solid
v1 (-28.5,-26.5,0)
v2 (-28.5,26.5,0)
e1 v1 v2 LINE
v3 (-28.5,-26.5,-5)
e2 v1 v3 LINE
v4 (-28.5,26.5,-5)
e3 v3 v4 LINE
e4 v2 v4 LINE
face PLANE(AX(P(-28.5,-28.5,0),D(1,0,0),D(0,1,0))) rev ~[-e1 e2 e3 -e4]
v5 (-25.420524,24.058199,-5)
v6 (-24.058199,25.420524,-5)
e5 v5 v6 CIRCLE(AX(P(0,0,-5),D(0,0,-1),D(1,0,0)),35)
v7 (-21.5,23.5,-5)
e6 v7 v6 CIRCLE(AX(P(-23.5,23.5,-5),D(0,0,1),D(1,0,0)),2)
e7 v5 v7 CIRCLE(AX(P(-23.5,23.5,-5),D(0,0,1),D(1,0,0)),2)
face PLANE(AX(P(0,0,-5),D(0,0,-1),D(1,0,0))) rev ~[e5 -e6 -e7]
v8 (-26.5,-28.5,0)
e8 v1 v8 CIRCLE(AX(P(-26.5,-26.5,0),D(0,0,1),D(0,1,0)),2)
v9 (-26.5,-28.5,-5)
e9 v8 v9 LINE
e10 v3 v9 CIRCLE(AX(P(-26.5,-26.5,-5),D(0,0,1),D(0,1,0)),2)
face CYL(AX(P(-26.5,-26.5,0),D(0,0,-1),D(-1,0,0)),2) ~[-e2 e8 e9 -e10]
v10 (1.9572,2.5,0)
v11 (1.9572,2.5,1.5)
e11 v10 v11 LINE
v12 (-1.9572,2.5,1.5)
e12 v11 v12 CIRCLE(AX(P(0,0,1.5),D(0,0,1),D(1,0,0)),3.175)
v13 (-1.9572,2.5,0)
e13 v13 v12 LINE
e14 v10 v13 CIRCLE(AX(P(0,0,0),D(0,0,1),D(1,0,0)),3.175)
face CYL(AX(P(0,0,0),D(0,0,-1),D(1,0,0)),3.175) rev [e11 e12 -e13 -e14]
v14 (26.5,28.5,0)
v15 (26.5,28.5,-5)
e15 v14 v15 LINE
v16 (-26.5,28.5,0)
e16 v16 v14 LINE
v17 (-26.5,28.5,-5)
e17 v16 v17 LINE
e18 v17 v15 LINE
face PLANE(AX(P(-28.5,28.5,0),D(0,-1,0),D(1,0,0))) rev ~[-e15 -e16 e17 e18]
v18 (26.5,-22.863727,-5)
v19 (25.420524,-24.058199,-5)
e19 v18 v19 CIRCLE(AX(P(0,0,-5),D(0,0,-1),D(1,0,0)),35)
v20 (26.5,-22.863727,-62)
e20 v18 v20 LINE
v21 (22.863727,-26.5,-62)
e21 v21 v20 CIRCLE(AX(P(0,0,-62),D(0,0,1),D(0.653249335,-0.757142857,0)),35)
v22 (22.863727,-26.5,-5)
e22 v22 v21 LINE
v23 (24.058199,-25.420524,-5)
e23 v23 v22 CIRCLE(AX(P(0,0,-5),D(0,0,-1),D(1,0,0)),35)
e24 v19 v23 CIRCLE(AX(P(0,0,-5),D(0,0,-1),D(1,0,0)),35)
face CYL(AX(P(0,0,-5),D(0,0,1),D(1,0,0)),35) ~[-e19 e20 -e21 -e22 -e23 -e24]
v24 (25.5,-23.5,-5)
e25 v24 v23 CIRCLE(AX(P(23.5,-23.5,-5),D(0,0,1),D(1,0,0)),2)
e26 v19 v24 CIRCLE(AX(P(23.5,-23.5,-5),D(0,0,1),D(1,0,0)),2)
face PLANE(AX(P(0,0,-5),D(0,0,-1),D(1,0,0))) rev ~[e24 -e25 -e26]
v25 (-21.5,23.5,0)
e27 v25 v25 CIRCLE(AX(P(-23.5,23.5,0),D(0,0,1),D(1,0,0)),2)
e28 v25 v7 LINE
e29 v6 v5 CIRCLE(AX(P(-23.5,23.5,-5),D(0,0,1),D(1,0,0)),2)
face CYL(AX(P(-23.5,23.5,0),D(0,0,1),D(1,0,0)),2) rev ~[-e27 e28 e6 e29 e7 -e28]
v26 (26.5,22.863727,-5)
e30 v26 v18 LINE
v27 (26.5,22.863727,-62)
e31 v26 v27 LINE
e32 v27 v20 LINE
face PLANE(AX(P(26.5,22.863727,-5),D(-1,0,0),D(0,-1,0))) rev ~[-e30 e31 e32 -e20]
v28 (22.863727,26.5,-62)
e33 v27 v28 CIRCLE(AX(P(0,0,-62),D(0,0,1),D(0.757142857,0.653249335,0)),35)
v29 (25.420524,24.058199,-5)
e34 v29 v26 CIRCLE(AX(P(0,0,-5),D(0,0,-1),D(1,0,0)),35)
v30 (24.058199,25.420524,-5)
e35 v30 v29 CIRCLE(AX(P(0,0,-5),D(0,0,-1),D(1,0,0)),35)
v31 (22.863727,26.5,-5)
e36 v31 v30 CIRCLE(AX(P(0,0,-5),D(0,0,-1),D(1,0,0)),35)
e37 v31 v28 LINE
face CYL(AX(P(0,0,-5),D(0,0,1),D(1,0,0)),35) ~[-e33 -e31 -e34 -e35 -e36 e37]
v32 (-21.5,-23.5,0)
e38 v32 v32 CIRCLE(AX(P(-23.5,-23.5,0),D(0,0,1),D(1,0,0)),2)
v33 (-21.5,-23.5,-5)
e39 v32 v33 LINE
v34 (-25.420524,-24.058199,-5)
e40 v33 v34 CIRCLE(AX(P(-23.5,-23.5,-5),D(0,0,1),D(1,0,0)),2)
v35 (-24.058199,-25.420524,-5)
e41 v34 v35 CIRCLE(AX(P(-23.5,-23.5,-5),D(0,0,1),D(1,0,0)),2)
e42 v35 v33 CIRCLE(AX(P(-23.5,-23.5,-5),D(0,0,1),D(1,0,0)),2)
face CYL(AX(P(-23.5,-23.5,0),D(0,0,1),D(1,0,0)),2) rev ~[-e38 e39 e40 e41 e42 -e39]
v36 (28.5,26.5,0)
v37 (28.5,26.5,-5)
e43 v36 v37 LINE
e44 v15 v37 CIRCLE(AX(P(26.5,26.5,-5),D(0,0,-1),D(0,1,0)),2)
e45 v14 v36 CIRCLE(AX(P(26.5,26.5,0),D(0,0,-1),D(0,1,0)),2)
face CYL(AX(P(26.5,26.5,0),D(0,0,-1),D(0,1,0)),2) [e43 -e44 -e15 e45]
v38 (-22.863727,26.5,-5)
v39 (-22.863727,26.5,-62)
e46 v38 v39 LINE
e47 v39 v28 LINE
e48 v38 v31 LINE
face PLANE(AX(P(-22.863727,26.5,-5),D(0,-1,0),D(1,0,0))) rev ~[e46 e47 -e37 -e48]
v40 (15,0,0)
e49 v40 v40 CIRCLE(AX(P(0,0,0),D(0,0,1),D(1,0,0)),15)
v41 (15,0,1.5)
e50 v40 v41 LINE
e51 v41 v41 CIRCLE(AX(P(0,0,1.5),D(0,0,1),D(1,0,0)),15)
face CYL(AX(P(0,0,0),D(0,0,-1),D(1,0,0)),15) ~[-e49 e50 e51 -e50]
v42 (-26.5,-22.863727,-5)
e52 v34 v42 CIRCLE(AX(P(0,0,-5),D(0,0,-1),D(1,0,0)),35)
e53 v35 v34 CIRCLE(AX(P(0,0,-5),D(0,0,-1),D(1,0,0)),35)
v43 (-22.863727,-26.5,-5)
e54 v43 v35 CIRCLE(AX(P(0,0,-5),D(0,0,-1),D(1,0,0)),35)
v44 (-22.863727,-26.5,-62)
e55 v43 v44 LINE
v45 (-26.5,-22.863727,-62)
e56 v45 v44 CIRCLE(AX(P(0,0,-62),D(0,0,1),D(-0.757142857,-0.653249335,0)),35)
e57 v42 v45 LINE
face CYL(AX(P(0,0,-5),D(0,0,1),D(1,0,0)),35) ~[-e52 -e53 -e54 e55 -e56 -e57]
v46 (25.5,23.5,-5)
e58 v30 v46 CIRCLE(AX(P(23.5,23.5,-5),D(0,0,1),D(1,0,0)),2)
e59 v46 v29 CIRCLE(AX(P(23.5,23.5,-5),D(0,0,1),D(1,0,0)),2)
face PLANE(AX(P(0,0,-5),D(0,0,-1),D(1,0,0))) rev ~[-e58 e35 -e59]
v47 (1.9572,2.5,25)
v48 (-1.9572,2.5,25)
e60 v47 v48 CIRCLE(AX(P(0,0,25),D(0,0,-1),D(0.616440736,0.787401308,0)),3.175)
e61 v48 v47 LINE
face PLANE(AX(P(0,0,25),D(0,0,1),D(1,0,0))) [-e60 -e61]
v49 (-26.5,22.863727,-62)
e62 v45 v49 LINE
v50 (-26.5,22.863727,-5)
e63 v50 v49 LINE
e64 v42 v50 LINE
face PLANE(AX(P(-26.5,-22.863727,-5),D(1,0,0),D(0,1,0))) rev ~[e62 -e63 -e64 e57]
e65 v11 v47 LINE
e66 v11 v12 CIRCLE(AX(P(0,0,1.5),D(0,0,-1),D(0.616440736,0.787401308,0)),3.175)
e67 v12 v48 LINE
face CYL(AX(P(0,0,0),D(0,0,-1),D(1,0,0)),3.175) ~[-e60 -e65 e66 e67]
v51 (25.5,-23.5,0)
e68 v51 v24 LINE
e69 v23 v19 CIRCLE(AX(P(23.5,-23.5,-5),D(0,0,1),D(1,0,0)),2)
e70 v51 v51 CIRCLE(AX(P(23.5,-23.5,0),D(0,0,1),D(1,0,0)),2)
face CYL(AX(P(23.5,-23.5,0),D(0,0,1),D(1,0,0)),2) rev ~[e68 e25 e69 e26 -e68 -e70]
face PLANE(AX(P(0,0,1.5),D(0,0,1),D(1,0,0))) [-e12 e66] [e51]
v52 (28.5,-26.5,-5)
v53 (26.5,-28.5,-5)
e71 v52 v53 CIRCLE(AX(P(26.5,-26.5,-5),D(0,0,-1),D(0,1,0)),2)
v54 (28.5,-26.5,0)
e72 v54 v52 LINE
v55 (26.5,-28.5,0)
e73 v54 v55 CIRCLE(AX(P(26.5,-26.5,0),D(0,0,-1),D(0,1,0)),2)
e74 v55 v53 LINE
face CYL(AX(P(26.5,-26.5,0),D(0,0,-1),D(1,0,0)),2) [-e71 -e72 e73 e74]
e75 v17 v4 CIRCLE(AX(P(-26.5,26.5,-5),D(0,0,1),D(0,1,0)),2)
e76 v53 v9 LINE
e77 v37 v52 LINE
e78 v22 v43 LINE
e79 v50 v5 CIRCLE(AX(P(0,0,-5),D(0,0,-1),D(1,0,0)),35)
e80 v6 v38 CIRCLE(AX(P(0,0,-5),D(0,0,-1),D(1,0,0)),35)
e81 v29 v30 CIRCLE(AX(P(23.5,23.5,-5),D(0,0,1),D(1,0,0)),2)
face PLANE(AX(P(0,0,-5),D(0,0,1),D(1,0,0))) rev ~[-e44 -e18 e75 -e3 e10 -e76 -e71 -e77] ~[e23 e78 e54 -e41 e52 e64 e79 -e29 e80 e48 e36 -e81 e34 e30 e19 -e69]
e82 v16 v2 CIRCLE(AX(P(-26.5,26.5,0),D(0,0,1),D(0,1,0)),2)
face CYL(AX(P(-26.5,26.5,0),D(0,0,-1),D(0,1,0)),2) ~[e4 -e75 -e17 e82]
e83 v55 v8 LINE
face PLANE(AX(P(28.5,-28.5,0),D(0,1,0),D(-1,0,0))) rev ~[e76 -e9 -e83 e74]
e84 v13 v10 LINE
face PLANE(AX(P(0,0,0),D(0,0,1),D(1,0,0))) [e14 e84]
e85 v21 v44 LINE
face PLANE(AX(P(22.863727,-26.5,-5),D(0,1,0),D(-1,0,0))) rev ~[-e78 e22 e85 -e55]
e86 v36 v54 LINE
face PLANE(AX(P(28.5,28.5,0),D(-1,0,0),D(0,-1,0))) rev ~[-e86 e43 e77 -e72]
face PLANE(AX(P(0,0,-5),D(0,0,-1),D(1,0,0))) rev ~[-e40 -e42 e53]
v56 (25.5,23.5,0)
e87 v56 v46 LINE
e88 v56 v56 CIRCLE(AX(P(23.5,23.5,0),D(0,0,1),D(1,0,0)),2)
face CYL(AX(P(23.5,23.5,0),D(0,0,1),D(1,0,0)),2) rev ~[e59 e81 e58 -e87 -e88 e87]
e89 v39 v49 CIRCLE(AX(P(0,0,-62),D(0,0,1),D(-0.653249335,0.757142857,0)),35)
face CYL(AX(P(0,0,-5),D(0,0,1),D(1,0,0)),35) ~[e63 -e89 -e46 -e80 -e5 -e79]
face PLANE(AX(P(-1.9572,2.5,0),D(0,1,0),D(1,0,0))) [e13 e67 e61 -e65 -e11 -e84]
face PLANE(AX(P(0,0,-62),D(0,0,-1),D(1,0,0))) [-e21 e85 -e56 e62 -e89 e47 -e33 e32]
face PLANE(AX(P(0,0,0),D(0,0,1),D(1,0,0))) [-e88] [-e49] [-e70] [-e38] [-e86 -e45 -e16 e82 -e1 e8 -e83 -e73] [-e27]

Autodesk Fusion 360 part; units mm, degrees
sketch "Sketch1" plane through (0, 0, 0) normal (0, 0, 1) x (1, 0, 0)
  circle A0 centre (0, 0) radius 3.175
  line L0 (-1.9572, 2.5) -> (1.9572, 2.5)
  line L1 (-23.5, 23.5) -> (23.5, 23.5) construction
  line L2 (23.5, 23.5) -> (23.5, -23.5) construction
  line L3 (23.5, -23.5) -> (-23.5, -23.5) construction
  line L4 (-23.5, -23.5) -> (-23.5, 23.5) construction
  line L5 (-28.5, 28.5) -> (28.5, 28.5)
  line L6 (28.5, 28.5) -> (28.5, -28.5)
  line L7 (28.5, -28.5) -> (-28.5, -28.5)
  line L8 (-28.5, -28.5) -> (-28.5, 28.5)
  line L9 (-23.5, 23.5) -> (23.5, -23.5) construction
  line L10 (28.5, 28.5) -> (-28.5, -28.5) construction
  circle A1 centre (-23.5, 23.5) radius 2
  circle A2 centre (-23.5, -23.5) radius 2
  circle A3 centre (23.5, -23.5) radius 2
  circle A4 centre (23.5, 23.5) radius 2
  circle A5 centre (0, 0) radius 15
  dimension "d1" = 6.35
  dimension "d2" = 2.5
  dimension "d3" = 47
  dimension "d5" = 57
  dimension "d6" = 4
  dimension "d8" = 360
  dimension "d9" = 30
extrude "Extrude1" add sketch "Sketch1" against normal blind 5 contours A0 L0 | A0 L0 | L5 L6 L7 L8 | A5
sketch "Sketch2" plane through (0, 0, -5) normal (0, 0, -1) x (1, 0, 0)
  circle A0 centre (-23.5, -23.5) radius 2
  circle A1 centre (-23.5, 23.5) radius 2
  circle A2 centre (23.5, 23.5) radius 2
  circle A3 centre (23.5, -23.5) radius 2
  line L0 (28.5, 28.5) -> (-28.5, 28.5)
  line L1 (-28.5, 28.5) -> (-28.5, -28.5)
  line L2 (-28.5, -28.5) -> (28.5, -28.5)
  line L3 (28.5, -28.5) -> (28.5, 28.5)
  line L4 (-28.5, -28.5) -> (28.5, 28.5) construction
  circle A4 centre (0, 0) radius 35
  line L5 (26.5, -26.5) -> (26.5, 26.5)
  line L6 (26.5, 26.5) -> (-26.5, 26.5)
  line L7 (-26.5, 26.5) -> (-26.5, -26.5)
  line L8 (-26.5, -26.5) -> (26.5, -26.5)
  dimension "d12" = 70
  dimension "d13" = -2
extrude "Extrude2" add sketch "Sketch2" along normal blind 57 contours A0 A4 | A0 A1 A2 A3 A4 L5 L6 L7 L8 | A1 A4 | A3 A4 | A2 A4 picked at (-23.8415, -23.8801) picked at (-23.8415, 23.8801) picked at (23.863, -23.8578) picked at (23.863, 23.8578)
extrude "Extrude3" add sketch "Sketch1" along normal blind 25 contours A0 L0 picked at (0.6292, 0.6577)
extrude "Extrude4" add sketch "Sketch1" along normal blind 1.5 contours A5
fillet "Fillet1" radius 2 4 edges at (-28.5, 28.5, -2.5) (28.5, 28.5, -2.5) (28.5, -28.5, -2.5) (-28.5, -28.5, -2.5)
